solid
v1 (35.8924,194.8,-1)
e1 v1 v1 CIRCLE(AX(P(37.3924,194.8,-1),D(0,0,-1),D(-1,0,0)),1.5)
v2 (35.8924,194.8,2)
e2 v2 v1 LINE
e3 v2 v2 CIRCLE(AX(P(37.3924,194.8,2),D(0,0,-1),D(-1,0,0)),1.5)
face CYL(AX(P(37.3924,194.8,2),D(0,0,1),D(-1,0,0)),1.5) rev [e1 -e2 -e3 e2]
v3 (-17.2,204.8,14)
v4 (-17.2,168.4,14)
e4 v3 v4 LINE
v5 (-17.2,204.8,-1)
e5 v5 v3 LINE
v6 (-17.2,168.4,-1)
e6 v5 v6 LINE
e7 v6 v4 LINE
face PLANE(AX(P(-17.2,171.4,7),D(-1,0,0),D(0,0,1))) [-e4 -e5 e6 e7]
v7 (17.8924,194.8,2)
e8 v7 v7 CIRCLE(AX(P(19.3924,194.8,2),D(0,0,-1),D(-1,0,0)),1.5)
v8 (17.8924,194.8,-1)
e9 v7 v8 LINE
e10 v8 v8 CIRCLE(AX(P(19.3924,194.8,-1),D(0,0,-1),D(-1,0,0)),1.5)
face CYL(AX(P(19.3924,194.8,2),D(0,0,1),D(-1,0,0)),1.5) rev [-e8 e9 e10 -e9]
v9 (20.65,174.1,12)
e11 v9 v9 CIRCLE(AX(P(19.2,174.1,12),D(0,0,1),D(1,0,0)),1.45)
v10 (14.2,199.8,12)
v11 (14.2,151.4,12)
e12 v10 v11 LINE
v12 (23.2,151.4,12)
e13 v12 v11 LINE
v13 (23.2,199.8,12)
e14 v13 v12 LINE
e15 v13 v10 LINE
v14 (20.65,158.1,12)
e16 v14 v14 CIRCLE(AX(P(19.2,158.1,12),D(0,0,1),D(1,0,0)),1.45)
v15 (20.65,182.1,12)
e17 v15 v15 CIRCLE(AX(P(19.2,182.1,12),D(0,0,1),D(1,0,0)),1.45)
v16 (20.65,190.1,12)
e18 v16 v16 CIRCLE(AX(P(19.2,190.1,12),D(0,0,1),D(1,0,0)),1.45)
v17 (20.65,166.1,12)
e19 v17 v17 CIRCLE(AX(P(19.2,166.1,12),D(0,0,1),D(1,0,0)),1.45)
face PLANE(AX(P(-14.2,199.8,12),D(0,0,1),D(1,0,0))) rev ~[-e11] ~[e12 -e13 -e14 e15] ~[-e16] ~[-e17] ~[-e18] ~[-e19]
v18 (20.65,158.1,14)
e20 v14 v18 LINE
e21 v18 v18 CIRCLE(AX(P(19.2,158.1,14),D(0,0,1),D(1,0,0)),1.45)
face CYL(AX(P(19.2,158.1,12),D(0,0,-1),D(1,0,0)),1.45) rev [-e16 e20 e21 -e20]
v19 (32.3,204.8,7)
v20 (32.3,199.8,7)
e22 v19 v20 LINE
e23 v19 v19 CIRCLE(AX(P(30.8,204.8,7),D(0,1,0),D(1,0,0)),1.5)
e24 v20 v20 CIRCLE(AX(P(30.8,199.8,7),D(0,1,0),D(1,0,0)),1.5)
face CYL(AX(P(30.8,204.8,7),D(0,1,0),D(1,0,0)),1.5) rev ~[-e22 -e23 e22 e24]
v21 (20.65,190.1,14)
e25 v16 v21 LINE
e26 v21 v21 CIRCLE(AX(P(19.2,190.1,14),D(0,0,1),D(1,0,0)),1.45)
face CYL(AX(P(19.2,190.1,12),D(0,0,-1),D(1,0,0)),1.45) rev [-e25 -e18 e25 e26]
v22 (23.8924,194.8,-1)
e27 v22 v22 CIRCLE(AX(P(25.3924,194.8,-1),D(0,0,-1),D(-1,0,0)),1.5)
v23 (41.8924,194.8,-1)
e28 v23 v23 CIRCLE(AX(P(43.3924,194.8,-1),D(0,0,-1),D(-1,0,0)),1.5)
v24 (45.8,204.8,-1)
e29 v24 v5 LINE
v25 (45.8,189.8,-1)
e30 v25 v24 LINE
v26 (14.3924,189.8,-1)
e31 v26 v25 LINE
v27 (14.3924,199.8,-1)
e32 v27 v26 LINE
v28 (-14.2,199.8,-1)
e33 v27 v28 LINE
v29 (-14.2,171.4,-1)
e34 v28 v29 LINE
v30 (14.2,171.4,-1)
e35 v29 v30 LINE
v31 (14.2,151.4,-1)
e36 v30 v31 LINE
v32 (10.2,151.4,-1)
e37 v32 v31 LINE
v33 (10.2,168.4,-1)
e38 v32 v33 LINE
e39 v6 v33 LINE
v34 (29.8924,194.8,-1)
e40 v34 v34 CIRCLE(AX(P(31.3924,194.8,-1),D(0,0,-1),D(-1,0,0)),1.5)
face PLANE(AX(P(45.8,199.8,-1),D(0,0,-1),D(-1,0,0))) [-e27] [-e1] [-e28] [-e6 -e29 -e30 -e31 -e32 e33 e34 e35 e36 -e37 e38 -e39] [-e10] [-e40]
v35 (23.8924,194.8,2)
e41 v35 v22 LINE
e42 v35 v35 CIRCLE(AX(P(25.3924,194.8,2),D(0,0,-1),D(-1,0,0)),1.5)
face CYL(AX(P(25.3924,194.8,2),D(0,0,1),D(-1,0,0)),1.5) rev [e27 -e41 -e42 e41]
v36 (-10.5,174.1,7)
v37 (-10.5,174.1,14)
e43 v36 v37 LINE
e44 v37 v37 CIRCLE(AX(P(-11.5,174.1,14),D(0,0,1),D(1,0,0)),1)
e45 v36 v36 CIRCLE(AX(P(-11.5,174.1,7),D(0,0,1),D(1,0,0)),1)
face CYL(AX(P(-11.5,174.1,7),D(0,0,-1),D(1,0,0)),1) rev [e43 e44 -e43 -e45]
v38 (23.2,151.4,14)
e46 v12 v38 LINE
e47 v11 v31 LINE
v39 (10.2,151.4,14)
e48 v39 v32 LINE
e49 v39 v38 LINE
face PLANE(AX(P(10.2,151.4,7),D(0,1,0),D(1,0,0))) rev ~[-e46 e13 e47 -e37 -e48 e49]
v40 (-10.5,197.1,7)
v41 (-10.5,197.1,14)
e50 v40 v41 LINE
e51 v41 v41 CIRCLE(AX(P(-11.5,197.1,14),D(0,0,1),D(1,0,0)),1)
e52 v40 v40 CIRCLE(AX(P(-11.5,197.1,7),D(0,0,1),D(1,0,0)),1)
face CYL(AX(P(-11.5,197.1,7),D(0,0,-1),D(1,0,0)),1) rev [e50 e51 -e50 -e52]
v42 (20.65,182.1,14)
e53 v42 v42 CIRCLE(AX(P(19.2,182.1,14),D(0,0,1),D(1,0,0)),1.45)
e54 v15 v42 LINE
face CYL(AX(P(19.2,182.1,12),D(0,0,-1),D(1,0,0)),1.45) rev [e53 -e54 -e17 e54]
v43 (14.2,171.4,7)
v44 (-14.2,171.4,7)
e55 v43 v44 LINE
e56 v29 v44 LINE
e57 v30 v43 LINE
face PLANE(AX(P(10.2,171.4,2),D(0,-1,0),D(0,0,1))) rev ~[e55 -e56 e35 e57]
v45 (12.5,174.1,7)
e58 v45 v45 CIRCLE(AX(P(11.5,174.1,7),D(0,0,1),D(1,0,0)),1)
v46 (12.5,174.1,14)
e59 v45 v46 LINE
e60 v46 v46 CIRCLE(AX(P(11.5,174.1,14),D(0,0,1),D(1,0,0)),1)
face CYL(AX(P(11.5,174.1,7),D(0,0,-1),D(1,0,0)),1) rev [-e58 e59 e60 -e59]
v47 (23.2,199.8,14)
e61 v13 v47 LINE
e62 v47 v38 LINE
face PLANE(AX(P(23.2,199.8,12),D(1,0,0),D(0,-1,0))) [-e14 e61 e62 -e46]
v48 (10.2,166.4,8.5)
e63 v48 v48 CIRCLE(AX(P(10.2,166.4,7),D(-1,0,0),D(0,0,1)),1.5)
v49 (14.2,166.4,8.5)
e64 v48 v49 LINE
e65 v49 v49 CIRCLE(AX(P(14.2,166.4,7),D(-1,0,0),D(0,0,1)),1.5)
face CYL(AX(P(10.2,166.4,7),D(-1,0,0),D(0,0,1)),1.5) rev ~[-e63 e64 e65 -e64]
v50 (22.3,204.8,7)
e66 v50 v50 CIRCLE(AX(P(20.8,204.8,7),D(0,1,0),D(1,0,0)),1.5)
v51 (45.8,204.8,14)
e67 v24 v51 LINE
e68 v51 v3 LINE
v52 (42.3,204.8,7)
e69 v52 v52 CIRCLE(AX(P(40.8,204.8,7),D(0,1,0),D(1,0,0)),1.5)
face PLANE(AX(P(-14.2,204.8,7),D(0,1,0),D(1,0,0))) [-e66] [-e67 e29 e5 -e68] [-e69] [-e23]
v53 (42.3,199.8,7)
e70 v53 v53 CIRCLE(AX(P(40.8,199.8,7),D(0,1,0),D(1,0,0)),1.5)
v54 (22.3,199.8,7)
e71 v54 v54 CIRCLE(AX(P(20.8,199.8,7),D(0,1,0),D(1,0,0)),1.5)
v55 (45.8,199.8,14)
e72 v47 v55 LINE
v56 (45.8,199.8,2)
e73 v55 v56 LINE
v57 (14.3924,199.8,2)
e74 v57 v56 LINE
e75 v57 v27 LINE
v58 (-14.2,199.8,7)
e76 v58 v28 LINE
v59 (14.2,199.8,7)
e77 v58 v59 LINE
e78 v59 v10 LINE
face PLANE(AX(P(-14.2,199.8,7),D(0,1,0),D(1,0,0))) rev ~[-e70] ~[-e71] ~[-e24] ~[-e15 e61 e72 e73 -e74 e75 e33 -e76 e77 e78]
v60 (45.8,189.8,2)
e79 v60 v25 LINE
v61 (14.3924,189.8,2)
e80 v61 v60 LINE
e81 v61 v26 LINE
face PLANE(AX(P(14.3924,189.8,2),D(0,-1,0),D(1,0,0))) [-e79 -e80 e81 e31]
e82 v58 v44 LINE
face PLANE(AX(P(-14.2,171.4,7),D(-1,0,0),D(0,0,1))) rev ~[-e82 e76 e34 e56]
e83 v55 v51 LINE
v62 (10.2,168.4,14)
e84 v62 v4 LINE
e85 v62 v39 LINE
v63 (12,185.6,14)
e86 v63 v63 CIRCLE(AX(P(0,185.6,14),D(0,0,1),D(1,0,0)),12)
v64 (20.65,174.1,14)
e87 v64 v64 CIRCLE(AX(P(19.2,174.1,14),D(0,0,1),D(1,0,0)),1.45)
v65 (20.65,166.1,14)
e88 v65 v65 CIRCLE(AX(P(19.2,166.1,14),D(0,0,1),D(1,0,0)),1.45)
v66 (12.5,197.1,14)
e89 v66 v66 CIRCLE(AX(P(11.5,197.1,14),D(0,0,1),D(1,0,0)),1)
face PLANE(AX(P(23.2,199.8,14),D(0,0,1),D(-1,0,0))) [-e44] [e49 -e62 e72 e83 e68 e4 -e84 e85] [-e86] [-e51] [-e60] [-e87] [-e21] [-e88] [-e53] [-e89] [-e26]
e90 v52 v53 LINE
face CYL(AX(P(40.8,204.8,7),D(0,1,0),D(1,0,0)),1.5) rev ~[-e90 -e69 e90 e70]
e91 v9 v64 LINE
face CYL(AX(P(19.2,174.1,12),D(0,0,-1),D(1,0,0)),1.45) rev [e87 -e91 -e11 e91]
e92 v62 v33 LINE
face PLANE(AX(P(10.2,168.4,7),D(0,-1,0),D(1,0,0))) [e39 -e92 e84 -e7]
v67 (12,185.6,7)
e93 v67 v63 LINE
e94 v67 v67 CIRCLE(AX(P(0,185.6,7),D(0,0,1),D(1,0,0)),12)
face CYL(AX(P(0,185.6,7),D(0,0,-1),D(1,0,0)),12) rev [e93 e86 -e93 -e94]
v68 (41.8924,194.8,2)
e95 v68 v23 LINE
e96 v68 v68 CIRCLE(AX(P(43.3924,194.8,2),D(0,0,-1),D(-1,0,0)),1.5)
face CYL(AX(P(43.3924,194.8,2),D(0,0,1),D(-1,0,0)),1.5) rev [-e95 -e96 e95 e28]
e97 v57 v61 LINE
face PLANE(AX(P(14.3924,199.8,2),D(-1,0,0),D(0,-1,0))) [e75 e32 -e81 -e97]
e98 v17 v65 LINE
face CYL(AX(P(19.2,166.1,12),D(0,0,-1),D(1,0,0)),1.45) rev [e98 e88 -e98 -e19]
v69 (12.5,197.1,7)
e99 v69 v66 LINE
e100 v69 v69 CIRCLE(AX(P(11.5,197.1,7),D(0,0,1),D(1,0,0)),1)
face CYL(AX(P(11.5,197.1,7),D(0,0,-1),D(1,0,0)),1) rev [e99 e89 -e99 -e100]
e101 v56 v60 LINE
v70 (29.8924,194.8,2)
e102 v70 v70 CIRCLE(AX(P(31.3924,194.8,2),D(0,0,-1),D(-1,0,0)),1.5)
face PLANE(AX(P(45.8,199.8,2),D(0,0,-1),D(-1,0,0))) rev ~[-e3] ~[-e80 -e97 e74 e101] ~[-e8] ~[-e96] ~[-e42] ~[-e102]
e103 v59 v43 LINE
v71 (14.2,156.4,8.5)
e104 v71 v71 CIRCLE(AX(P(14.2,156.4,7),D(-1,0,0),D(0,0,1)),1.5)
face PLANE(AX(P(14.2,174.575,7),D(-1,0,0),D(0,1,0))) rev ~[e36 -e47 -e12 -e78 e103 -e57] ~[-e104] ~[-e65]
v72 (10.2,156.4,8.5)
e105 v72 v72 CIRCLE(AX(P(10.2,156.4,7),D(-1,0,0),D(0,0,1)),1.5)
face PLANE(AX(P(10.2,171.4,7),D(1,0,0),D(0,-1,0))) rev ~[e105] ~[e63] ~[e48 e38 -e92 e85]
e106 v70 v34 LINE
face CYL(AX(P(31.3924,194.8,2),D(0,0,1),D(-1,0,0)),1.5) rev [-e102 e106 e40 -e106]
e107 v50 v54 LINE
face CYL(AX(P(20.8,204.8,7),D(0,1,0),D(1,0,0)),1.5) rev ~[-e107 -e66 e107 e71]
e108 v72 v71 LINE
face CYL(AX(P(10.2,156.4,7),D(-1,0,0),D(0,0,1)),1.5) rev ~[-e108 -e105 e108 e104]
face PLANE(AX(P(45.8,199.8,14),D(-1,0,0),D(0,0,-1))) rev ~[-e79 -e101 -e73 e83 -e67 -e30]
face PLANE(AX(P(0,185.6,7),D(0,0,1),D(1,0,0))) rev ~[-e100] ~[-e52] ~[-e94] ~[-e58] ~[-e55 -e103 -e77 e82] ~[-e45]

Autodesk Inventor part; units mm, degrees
ref_plane "YZ Plane" through (0, 0, 0) normal (1, 0, 0) x (0, 1, 0)
ref_plane "Work Plane1" through (0, 185.6, 7) normal (0, 0, 1) x (1, 0, 0)
sketch "Sketch1" plane through (0, 185.6, 7) normal (0, 0, 1) x (1, 0, 0)
  circle A0 centre (-11.5, -11.5) radius 1 projected
  circle A1 centre (11.5, 11.5) radius 1 projected
  circle A2 centre (11.5, -11.5) radius 1 projected
  circle A3 centre (-11.5, 11.5) radius 1 projected
  circle A4 centre (0, 0) radius 11 projected
  arc A5 (-14.2, -11.025) -> (-11.025, -14.2) centre (-11.025, -11.025) ccw projected
  line L0 (-11.025, -14.2) -> (11.025, -14.2) projected
  arc A6 (11.025, -14.2) -> (14.2, -11.025) centre (11.025, -11.025) ccw projected
  line L1 (14.2, -11.025) -> (14.2, 11.025) projected
  arc A7 (14.2, 11.025) -> (11.025, 14.2) centre (11.025, 11.025) ccw projected
  line L2 (11.025, 14.2) -> (-11.025, 14.2) projected
  arc A8 (-11.025, 14.2) -> (-14.2, 11.025) centre (-11.025, 11.025) ccw projected
  line L3 (-14.2, 11.025) -> (-14.2, -11.025) projected
  line L4 (-14.2, 14.2) -> (14.2, 14.2)
  line L5 (14.2, 14.2) -> (14.2, -14.2)
  line L6 (14.2, -14.2) -> (-14.2, -14.2)
  line L7 (-14.2, -14.2) -> (-14.2, 14.2)
  circle A9 centre (-11.5, 11.5) radius 1.6
  circle A10 centre (-11.5, -11.5) radius 1.624
  circle A11 centre (11.5, -11.5) radius 1.6374
  circle A12 centre (11.5, 11.5) radius 1.6
  line L8 (14.2, -14.2) -> (10.2, -14.2)
  line L9 (10.2, -14.2) -> (10.2, -34.2)
  line L10 (10.2, -34.2) -> (14.2, -34.2)
  line L11 (14.2, -34.2) -> (14.2, -14.2)
  circle A13 centre (0, 0) radius 12
  point P0 (0, -185.6)
  dimension "d0" = 3.2
  dimension "d3" = 4
  dimension "d4" = 20
  dimension "d25" = 1
ref_plane "Work Plane2" through (14.2, -18.2, 10) normal (0, 0, 1) x (1, 0, 0)
ref_plane "Work Plane3" through (14.2, -18.2, 8) normal (0, 0, 1) x (1, 0, 0)
extrude "Extrusion1" add sketch "Sketch1" along normal blind 5 contours L3 A8 L2 A7 L1 A6 L0 A5 | A5 L6 L7 | L7 L4 A8 | L0 L6 L11 L10 L9 | A6 L5 L6 | L4 L5 A7 | A9 | A10 | A11 | A12
sketch "Sketch2" plane through (10.2, 151.4, 7) normal (-1, 0, 0) x (0, 0, 1)
  line L0 (5, 20) -> (5, 0) projected
  line L1 (5, 0) -> (-5, 0)
  line L2 (-5, 0) -> (-5, 20)
  line L3 (-5, 20) -> (5, 20)
  line L4 (5, 20) -> (5, 0)
  point P0 (-7, -151.4)
  dimension "d30" = 10
extrude "Extrusion2" add sketch "Sketch2" against normal up to surface (4 mm away)
sketch "Sketch3" plane through (-14.2, 199.8, 12) normal (0, 0, 1) x (1, 0, 0)
  line L0 (28.4, 0) -> (37.4, 0)
  line L1 (37.4, 0) -> (37.4, -48.4)
  line L2 (37.4, -48.4) -> (28.4, -48.4)
  line L3 (28.4, -48.4) -> (28.4, 0)
  line L4 (34.9, -208) -> (31.9, -208) projected
  line L5 (34.9, -8) -> (34.9, -208) projected
  line L6 (31.9, -8) -> (34.9, -8) projected
  line L7 (31.9, -208) -> (31.9, -8) projected
  circle A0 centre (33.4, -25.7) radius 1.45
  circle A1 centre (33.4, -33.7) radius 1.45
  circle A2 centre (33.4, -41.7) radius 1.45
  circle A3 centre (33.4, -17.7) radius 1.45
  circle A4 centre (33.4, -25.7) radius 1.45
  circle A5 centre (33.4, -33.7) radius 1.45
  circle A6 centre (33.4, -9.7) radius 1.45
  circle A7 centre (33.4, -17.7) radius 1.45
  circle A8 centre (33.4, -25.7) radius 1.45
  circle A9 centre (14.2, -14.2) radius 12 projected
  circle A10 centre (25.7, -25.7) radius 1 projected
  circle A11 centre (2.7, -25.7) radius 1 projected
  circle A12 centre (25.7, -2.7) radius 1 projected
  circle A13 centre (2.7, -2.7) radius 1 projected
  circle A14 centre (14.2, -14.2) radius 12 projected
  line L8 (24.4, -48.4) -> (28.4, -48.4) projected
  line L9 (28.4, 0) -> (0, 0) projected
  line L10 (0, 0) -> (0, -28.4) projected
  line L11 (0, -28.4) -> (24.4, -28.4) projected
  line L12 (28.4, -48.4) -> (28.4, 0) projected
  line L13 (24.4, -28.4) -> (24.4, -48.4) projected
  point P0 (14.2, -199.8)
  dimension "d8" = 9
  dimension "d9" = 2.9
  dimension "d12" = 8
  dimension "d15" = 8
extrude "Extrusion3" add sketch "Sketch3" along normal blind 2 contours L0 L1 L2 L5 L6 L7 L3 | L3 L8 L13 L11 L10 L9 | L7 L6 L5 L2
sketch "Sketch4" plane through (-14.2, 199.8, 7) normal (0, 1, 0) x (1, 0, 0)
  line L0 (28.4, 0) -> (0, 0) projected
  line L1 (0, 0) -> (0, -7) projected
  line L2 (28.4, 0) -> (28.4, -5) projected
  line L3 (37.4, -7) -> (0, -7) projected
  line L4 (0, -7) -> (60, -7)
  line L5 (60, -7) -> (60, 5)
  line L6 (60, 5) -> (0, 5)
  line L7 (0, 5) -> (0, -7)
  line L8 (37.4, -7) -> (0, -7) projected
  line L9 (37.4, -5) -> (37.4, -7) projected
  line L10 (37.4, -5) -> (28.4, -5) projected
  line L11 (24.4, 5) -> (28.4, 5) projected
  point P0 (14.2, 7)
  dimension "d26" = 60
extrude "Extrusion4" add sketch "Sketch4" along normal blind 5
sketch "Sketch5" plane through (10.2, 151.4, 2) normal (-1, 0, 0) x (0, 0, 1)
  line L0 (0, 0) -> (12, 0) projected
  line L1 (12, 20) -> (12, 0) projected
  line L2 (5, 20) -> (12, 20) projected
  line L3 (0, 20) -> (5, 20) projected
  line L4 (0, 0) -> (0, 20) projected
  circle A0 centre (5, 15) radius 1.5
  circle A1 centre (5, 5) radius 1.5
  line L5 (10, 0) -> (10, 48.4) projected
  point P0 (-2, -151.4)
  dimension "d31" = 3
  dimension "d32" = 3
  dimension "d33" = 5
  dimension "d34" = 5
  dimension "d35" = 5
  dimension "d36" = 5
extrude "Extrusion5" cut sketch "Sketch5" against normal through all contours A0 | A1
sketch "Sketch6" plane through (-14.2, 171.4, 7) normal (-1, 0, 0) x (0, 0, 1)
  line L0 (0, 28.4) -> (0, 0) projected
  line L1 (0, 0) -> (7, 0) projected
  line L2 (7, 0) -> (7, 33.4) projected
  line L3 (-5, 33.4) -> (7, 33.4) projected
  line L4 (-5, 28.4) -> (-5, 33.4) projected
  line L5 (-5, 28.4) -> (0, 28.4) projected
  line L6 (7, 33.4) -> (-5, 33.4)
  line L7 (-5, 33.4) -> (-5, 0)
  line L8 (-5, 0) -> (7, 0)
  line L9 (7, 0) -> (7, 33.4)
  point P0 (-7, -171.4)
extrude "Extrusion6" add sketch "Sketch6" along normal blind 3
sketch "Sketch7" plane through (10.2, 171.4, 7) normal (0, -1, 0) x (1, 0, 0)
  line L0 (0, 0) -> (0, 7) projected
  line L1 (0, 7) -> (-27.4, 7) projected
  line L2 (-24.4, 0) -> (0, 0) projected
  line L3 (0, -5) -> (0, 0) projected
  line L4 (-27.4, 7) -> (0, 7)
  line L5 (0, 7) -> (0, -5)
  line L6 (0, -5) -> (-27.4, -5)
  line L7 (-27.4, -5) -> (-27.4, 7)
  line L8 (-27.4, -5) -> (-27.4, 7) projected
  line L9 (-24.4, -5) -> (-27.4, -5) projected
  line L10 (-24.4, -5) -> (-24.4, 0) projected
  point P0 (-10.2, -7)
extrude "Extrusion7" add sketch "Sketch7" along normal blind 3
sketch "Sketch8" plane through (-14.2, 204.8, 7) normal (0, 1, 0) x (1, 0, 0)
  line L0 (24.4, -1.5) -> (24.4, 1.5) projected
  circle A0 centre (55, 0) radius 1.5
  line L1 (60, -7) -> (60, 5) projected
  line L2 (60, 5) -> (-3, 5) projected
  circle A1 centre (45, 0) radius 1.5
  circle A2 centre (35, 0) radius 1.5
  point P0 (14.2, 7)
  point P1 (37.4, -5)
  dimension "d43" = 3
  dimension "d44" = 5
  dimension "d45" = 5
  dimension "d48" = 10
extrude "Extrusion8" cut sketch "Sketch8" against normal through all
sketch "Sketch9" plane through (45.8, 199.8, 2) normal (0, 0, -1) x (-1, 0, 0)
  line L0 (0, 0) -> (60, 0) projected
  line L1 (60, 0) -> (60, -28.4) projected
  line L2 (63, 5) -> (63, -31.4) projected
  line L3 (0, 5) -> (63, 5) projected
  line L4 (0, 0) -> (0, 5) projected
  line L5 (0, 5) -> (31.4076, 5)
  line L6 (31.4076, 5) -> (31.4076, -10)
  line L7 (31.4076, -10) -> (0, -10)
  line L8 (0, -10) -> (0, 5)
  line L9 (0, 0) -> (60, 0) projected
  circle A0 centre (26.4076, -5) radius 1.5
  circle A1 centre (20.4076, -5) radius 1.5
  circle A2 centre (14.4076, -5) radius 1.5
  circle A3 centre (8.4076, -5) radius 1.5
  circle A4 centre (2.4076, -5) radius 1.5
  line L10 (31.6, -28.4) -> (31.6, -48.4) projected
  line L11 (35.6, -48.4) -> (31.6, -48.4) projected
  line L12 (35.6, -48.4) -> (35.6, -31.4) projected
  line L13 (63, -31.4) -> (35.6, -31.4) projected
  line L14 (60, -28.4) -> (31.6, -28.4) projected
  point P0 (45.8, -199.8)
  dimension "d55" = 10
  dimension "d56" = 3
  dimension "d57" = 5
  dimension "d58" = 5
  dimension "d61" = 6
extrude "Extrusion9" add sketch "Sketch9" along normal blind 3
properties part number "30_CUBE_openXY_NEMA8mount"
